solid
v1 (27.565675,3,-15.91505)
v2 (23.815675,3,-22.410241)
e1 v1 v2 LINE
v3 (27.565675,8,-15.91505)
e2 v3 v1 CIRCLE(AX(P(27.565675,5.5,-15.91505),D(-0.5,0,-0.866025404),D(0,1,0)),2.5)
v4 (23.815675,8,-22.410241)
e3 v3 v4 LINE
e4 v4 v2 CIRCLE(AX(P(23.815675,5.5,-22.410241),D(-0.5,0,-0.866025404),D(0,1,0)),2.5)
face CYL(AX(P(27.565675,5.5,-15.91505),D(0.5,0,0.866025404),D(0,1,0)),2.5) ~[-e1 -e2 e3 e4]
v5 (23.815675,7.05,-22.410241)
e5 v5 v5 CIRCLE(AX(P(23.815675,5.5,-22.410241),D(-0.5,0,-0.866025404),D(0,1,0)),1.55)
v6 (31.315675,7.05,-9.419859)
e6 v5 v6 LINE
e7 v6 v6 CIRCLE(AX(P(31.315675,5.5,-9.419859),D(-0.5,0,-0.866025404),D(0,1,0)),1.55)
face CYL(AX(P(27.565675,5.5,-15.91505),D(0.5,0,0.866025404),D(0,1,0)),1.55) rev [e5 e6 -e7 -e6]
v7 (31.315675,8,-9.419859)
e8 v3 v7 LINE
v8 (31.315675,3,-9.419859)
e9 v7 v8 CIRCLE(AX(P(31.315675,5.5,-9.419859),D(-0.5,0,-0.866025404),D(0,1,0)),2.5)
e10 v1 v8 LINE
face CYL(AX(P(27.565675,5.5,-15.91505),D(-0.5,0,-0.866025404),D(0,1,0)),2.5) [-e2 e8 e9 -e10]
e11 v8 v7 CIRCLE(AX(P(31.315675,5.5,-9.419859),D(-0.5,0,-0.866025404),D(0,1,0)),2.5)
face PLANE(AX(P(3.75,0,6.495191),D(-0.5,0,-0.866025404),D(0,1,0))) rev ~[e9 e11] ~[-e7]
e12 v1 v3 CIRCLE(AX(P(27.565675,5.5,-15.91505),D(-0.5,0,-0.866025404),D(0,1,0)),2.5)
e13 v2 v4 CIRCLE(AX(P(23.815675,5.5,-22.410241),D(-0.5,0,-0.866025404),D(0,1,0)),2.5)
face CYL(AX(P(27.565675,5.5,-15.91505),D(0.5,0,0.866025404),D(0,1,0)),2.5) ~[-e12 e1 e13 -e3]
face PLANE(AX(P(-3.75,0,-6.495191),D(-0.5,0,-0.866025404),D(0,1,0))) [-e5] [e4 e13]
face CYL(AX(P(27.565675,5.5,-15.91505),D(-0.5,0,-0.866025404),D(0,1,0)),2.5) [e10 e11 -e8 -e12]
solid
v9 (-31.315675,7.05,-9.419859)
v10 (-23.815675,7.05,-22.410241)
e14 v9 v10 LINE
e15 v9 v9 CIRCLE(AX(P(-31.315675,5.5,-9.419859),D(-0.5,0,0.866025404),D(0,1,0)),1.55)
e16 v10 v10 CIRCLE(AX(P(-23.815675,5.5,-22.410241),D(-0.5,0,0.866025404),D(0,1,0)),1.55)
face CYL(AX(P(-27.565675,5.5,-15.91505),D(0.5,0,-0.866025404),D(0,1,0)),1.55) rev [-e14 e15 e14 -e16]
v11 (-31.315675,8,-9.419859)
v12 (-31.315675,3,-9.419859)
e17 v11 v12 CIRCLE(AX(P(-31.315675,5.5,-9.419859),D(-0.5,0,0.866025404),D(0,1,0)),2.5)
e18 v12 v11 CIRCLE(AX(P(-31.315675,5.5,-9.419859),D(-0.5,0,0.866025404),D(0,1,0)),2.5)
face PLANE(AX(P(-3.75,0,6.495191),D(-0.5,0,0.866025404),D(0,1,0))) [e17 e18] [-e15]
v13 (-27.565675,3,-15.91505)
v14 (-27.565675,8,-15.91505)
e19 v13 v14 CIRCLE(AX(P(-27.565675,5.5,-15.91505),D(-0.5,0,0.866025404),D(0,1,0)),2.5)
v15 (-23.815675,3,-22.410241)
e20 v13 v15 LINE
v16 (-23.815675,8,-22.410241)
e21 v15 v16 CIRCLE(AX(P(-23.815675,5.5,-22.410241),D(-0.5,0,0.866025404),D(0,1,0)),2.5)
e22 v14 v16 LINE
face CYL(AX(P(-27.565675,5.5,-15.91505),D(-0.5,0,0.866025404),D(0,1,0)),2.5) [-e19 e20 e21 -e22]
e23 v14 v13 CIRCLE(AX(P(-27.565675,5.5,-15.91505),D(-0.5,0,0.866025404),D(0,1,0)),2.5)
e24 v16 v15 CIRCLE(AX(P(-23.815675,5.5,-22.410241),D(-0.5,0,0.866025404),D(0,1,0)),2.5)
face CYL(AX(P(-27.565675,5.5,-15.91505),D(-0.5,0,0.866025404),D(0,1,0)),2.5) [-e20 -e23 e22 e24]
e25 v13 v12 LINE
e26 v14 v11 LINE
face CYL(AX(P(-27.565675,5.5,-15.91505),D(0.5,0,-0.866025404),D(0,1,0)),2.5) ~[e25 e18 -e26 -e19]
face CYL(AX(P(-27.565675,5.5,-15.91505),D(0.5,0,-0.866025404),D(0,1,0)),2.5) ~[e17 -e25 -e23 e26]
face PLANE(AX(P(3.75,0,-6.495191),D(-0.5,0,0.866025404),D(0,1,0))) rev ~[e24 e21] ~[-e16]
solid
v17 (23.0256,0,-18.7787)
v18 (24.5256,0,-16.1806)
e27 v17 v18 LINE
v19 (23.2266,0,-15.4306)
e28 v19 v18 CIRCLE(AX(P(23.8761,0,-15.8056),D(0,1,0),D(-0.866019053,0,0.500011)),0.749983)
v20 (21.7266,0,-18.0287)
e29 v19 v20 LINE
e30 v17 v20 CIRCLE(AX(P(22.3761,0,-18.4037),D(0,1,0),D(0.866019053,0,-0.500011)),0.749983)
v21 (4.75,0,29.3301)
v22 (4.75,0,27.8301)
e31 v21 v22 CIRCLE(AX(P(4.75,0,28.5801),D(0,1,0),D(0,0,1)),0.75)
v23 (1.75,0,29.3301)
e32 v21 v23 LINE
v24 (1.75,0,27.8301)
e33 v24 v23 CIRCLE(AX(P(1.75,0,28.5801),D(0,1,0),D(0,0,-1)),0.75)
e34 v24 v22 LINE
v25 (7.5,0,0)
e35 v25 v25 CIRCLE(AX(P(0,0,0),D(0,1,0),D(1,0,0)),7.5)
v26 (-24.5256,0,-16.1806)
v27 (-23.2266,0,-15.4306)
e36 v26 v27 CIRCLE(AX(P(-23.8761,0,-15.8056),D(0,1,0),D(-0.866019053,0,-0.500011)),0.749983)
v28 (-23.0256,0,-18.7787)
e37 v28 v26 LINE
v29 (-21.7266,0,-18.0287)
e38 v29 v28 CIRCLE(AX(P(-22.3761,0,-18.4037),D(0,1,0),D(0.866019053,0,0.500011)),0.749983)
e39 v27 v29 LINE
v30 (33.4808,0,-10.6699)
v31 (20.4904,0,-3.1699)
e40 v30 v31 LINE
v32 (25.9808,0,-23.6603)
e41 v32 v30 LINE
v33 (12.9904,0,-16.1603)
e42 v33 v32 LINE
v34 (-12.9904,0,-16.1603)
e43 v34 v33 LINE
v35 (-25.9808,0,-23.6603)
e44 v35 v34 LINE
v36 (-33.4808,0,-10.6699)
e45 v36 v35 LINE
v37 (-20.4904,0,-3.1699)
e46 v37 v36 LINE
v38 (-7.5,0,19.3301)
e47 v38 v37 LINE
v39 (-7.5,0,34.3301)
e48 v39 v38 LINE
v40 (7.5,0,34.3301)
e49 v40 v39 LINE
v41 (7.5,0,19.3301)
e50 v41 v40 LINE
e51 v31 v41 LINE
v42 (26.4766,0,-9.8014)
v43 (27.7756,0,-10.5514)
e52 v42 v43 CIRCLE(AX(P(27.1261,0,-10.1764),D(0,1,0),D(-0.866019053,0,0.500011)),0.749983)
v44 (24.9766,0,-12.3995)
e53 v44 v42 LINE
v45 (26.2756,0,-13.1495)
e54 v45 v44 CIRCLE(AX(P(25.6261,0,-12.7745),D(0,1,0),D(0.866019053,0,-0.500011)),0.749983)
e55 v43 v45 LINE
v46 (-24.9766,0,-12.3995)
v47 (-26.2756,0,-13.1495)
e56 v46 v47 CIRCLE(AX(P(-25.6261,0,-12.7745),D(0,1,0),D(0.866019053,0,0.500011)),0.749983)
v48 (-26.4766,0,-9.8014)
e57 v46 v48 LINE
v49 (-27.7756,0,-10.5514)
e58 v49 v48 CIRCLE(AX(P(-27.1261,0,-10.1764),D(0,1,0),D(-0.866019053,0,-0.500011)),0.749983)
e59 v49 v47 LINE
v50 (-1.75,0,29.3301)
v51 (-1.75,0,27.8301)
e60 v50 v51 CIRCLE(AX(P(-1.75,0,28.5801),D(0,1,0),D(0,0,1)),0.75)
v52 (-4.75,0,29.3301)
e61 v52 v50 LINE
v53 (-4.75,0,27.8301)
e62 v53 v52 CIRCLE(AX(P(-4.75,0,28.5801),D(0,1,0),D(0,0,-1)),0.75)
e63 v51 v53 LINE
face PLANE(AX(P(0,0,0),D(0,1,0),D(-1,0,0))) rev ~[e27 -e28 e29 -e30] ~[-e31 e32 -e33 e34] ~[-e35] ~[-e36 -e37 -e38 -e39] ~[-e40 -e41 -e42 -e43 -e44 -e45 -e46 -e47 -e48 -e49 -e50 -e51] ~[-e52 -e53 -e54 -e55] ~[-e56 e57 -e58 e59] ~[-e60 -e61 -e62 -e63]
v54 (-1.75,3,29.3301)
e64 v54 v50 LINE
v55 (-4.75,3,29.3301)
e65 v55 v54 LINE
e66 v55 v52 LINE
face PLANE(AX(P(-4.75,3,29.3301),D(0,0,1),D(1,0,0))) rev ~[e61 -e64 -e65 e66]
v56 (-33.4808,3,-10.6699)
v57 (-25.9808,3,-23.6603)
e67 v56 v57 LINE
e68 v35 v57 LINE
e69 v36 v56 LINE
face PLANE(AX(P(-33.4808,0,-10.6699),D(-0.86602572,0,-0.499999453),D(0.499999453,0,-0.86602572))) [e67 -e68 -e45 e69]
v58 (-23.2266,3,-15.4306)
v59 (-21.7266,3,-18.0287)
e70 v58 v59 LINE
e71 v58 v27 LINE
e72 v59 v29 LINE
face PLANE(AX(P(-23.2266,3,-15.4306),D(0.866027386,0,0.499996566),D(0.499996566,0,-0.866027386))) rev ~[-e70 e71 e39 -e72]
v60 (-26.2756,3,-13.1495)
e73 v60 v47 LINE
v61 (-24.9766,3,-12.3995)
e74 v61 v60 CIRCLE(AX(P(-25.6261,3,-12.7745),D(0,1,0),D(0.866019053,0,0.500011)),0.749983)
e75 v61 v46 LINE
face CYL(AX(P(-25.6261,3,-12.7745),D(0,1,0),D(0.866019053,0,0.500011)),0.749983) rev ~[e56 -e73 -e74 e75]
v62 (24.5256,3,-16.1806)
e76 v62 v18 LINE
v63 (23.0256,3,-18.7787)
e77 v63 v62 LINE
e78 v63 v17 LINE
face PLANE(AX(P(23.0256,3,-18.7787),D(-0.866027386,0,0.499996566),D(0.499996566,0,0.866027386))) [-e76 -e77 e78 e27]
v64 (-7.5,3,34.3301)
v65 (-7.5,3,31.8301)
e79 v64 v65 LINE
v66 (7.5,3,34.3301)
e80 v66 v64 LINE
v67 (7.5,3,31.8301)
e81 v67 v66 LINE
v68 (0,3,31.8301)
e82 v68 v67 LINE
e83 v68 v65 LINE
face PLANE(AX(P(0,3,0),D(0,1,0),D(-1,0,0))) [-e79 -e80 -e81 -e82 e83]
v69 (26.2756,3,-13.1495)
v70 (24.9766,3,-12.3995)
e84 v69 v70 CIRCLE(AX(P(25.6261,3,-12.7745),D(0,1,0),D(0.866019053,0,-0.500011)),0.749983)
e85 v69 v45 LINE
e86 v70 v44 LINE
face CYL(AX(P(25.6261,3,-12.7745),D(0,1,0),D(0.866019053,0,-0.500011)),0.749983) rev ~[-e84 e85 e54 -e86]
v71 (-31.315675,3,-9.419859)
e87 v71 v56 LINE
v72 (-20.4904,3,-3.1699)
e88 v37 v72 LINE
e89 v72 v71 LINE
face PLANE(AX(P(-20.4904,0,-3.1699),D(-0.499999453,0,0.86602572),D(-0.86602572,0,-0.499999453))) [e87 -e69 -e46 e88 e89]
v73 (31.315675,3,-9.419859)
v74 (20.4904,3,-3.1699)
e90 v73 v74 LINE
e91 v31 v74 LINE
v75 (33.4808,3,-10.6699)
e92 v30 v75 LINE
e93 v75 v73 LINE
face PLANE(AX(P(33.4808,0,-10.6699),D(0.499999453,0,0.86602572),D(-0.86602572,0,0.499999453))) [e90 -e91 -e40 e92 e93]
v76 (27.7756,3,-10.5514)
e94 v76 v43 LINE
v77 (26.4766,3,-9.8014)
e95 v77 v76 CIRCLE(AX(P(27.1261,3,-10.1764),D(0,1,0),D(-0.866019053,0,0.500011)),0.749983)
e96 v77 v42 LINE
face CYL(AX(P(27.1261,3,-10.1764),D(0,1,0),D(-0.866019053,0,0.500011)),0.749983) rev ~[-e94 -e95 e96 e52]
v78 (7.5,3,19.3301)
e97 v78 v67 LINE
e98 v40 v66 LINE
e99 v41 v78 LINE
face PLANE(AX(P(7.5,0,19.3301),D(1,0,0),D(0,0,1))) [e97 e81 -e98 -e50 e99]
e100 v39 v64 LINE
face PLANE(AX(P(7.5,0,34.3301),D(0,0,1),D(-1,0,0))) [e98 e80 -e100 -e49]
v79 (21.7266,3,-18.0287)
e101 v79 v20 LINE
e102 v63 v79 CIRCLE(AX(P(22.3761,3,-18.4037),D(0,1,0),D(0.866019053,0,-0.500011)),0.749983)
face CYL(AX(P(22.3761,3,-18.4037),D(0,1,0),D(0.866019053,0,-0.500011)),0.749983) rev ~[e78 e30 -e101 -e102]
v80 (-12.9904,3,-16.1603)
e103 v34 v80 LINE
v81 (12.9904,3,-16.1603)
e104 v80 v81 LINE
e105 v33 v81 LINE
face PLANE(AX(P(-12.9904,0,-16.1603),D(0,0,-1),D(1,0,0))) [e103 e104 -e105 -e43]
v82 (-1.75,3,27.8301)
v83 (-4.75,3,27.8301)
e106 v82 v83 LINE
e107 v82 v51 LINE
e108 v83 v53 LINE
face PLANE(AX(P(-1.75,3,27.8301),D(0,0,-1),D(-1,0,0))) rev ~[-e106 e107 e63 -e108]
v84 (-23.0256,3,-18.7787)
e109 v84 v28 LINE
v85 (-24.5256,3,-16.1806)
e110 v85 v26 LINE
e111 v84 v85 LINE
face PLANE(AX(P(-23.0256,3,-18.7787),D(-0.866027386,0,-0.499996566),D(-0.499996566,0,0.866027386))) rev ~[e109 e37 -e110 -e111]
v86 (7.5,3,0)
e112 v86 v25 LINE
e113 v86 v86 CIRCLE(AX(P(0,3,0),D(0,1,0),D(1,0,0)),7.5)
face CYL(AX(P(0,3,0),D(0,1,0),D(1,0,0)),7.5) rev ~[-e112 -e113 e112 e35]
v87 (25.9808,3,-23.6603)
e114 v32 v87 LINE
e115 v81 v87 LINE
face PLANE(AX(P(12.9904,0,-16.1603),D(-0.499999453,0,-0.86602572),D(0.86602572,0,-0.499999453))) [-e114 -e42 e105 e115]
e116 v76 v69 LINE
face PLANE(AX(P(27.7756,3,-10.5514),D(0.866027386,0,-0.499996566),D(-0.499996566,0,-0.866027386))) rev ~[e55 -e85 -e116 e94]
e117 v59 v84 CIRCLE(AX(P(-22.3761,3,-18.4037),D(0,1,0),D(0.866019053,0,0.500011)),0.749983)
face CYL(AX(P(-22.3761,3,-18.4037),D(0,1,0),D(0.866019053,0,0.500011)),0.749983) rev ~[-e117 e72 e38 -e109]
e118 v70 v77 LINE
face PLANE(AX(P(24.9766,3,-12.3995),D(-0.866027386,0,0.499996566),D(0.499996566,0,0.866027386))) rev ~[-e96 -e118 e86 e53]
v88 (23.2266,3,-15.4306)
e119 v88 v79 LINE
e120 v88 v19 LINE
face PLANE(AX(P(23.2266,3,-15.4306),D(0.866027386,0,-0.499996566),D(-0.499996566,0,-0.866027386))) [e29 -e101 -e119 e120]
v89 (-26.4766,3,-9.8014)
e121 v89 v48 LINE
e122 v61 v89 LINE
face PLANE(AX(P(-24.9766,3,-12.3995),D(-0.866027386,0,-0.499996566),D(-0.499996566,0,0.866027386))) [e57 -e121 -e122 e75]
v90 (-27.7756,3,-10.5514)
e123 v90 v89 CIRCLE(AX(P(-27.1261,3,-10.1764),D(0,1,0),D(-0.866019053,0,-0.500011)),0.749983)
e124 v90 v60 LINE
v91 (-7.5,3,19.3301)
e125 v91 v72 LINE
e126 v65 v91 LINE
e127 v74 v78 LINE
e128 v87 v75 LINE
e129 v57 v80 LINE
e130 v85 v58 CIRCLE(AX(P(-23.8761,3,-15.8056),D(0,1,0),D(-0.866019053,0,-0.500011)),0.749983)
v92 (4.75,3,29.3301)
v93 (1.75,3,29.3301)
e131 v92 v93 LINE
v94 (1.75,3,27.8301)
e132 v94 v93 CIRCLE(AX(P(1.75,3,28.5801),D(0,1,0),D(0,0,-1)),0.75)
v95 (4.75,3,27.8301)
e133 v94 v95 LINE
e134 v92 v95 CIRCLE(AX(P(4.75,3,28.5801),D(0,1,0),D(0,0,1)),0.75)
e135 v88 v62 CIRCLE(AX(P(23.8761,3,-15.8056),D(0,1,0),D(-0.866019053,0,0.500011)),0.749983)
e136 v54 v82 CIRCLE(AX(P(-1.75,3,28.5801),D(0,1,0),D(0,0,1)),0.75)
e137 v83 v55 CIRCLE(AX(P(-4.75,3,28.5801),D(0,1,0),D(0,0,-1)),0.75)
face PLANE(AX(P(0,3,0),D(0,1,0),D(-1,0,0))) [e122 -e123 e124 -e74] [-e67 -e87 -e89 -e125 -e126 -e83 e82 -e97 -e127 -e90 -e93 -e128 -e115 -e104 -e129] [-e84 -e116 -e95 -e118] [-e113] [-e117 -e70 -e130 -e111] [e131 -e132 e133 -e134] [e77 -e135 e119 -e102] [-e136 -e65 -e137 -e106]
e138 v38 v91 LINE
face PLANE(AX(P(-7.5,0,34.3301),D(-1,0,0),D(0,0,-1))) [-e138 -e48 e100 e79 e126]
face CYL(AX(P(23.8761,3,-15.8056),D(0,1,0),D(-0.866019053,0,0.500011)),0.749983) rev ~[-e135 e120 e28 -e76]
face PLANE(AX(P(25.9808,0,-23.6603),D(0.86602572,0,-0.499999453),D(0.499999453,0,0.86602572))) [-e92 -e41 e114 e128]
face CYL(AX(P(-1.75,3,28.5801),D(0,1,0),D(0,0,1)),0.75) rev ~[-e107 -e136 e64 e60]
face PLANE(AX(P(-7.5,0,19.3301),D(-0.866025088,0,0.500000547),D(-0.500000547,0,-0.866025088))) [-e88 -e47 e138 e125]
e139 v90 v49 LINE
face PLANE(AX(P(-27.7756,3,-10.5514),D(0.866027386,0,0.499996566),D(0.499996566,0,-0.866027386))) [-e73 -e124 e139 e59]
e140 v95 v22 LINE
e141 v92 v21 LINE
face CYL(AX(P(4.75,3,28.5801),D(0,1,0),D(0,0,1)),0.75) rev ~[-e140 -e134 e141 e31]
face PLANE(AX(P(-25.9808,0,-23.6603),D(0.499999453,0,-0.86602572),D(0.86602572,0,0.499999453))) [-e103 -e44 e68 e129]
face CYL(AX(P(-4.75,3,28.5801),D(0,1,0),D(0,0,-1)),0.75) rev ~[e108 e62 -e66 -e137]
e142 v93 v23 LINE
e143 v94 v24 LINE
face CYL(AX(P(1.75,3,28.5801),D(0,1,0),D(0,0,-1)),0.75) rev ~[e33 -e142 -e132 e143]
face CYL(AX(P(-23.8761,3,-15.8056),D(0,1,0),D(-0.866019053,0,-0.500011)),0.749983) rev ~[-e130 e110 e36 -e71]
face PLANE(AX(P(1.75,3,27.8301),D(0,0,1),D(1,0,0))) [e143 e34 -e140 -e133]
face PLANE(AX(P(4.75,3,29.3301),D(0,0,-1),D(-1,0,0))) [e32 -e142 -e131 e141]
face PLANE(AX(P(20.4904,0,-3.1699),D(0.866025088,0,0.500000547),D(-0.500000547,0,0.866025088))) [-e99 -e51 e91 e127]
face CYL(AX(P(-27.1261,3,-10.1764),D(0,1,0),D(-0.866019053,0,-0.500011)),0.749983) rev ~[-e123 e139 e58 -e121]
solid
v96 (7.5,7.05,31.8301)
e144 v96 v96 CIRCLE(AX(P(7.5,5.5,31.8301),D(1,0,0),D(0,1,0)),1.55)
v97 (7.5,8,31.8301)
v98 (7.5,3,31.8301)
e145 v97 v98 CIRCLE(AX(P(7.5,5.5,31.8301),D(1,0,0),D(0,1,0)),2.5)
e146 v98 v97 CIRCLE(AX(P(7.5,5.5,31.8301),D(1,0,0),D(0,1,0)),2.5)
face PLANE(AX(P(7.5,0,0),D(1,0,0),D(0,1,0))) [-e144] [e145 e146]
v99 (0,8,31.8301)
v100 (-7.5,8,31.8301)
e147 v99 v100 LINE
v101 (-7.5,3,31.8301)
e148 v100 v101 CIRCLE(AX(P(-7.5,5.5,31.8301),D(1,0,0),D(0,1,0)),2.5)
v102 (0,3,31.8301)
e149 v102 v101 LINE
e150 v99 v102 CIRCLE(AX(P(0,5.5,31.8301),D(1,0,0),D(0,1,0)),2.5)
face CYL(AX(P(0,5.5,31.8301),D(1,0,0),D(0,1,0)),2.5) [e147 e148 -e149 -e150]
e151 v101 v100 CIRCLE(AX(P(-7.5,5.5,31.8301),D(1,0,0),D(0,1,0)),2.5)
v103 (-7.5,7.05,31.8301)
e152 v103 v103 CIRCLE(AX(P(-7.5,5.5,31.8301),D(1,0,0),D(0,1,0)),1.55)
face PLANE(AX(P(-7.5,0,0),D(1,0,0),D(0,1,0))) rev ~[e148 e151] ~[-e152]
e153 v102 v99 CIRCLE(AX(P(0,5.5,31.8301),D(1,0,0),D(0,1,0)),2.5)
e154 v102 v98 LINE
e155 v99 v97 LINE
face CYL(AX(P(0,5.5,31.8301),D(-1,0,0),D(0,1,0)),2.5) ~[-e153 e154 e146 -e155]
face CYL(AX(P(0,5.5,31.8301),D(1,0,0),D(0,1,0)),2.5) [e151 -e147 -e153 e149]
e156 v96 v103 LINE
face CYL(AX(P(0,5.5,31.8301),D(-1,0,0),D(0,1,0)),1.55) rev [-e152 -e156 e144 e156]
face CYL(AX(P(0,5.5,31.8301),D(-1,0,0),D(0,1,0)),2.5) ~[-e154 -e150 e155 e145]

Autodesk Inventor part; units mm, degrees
ref_plane "YZ Plane" through (0, 0, 0) normal (1, 0, 0) x (0, 1, 0)
ref_plane "XZ Plane" through (0, 0, 0) normal (0, 1, 0) x (-1, 0, 0)
ref_plane "XY Plane" through (0, 0, 0) normal (0, 0, 1) x (1, 0, 0)
sketch "Sketch1" plane through (0, 0, 0) normal (0, 1, 0) x (-1, 0, 0)
  line L0 (-7.5, 19.3301) -> (-7.5, 34.3301)
  line L1 (-7.5, 34.3301) -> (7.5, 34.3301)
  line L2 (7.5, 34.3301) -> (7.5, 19.3301)
  line L3 (20.4904, -3.1699) -> (33.4808, -10.6699)
  line L4 (33.4808, -10.6699) -> (25.9808, -23.6603)
  line L5 (25.9808, -23.6603) -> (12.9904, -16.1603)
  line L6 (-12.9904, -16.1603) -> (-25.9808, -23.6603)
  line L7 (-25.9808, -23.6603) -> (-33.4808, -10.6699)
  line L8 (-33.4808, -10.6699) -> (-20.4904, -3.1699)
  line L9 (7.5, 19.3301) -> (20.4904, -3.1699)
  line L10 (12.9904, -16.1603) -> (-12.9904, -16.1603)
  line L11 (-20.4904, -3.1699) -> (-7.5, 19.3301)
  point P0 (0, 0)
  point P1 (0, 0)
extrude "Extrusion1" add sketch "Sketch1" along normal blind 3
sketch "Sketch2" plane through (0, 3, 0) normal (0, 1, 0) x (1, 0, 0)
  circle A0 centre (0, 0) radius 7.5
  line L0 (33.4808, 10.6699) -> (25.9808, 23.6603) projected
  line L1 (29.7308, 17.1651) -> (35.4808, 17.1651) construction
  line L2 (20.4904, 3.1699) -> (33.4808, 10.6699) projected
  line L3 (25.6261, 12.7745) -> (27.1261, 10.1764) construction
  line L4 (24.9766, 12.3995) -> (26.4766, 9.8014)
  line L5 (27.7756, 10.5514) -> (26.2756, 13.1495)
  arc A1 (26.2756, 13.1495) -> (24.9766, 12.3995) centre (25.6261, 12.7745) ccw
  arc A2 (26.4766, 9.8014) -> (27.7756, 10.5514) centre (27.1261, 10.1764) ccw
  line L6 (23.8761, 15.8056) -> (22.3761, 18.4037) construction
  line L7 (23.2266, 15.4306) -> (21.7266, 18.0287)
  line L8 (23.0256, 18.7787) -> (24.5256, 16.1806)
  arc A3 (23.2266, 15.4306) -> (24.5256, 16.1806) centre (23.8761, 15.8056) ccw
  arc A4 (23.0256, 18.7787) -> (21.7266, 18.0287) centre (22.3761, 18.4037) ccw
  line L9 (-23.2266, 15.4306) -> (-21.7266, 18.0287)
  arc A5 (-21.7266, 18.0287) -> (-23.0256, 18.7787) centre (-22.3761, 18.4037) ccw
  arc A6 (-24.5256, 16.1806) -> (-23.2266, 15.4306) centre (-23.8761, 15.8056) ccw
  line L10 (-23.8761, 15.8056) -> (-22.3761, 18.4037) construction
  line L11 (-23.0256, 18.7787) -> (-24.5256, 16.1806)
  arc A7 (-24.9766, 12.3995) -> (-26.2756, 13.1495) centre (-25.6261, 12.7745) ccw
  line L12 (-24.9766, 12.3995) -> (-26.4766, 9.8014)
  arc A8 (-27.7756, 10.5514) -> (-26.4766, 9.8014) centre (-27.1261, 10.1764) ccw
  line L13 (-27.7756, 10.5514) -> (-26.2756, 13.1495)
  line L14 (-29.7308, 17.1651) -> (-32.6058, 22.1447) construction
  line L15 (-25.6261, 12.7745) -> (-27.1261, 10.1764) construction
  line L16 (-1.75, -27.8301) -> (-4.75, -27.8301)
  arc A9 (-4.75, -27.8301) -> (-4.75, -29.3301) centre (-4.75, -28.5801) ccw
  arc A10 (-1.75, -29.3301) -> (-1.75, -27.8301) centre (-1.75, -28.5801) ccw
  line L17 (-1.75, -28.5801) -> (-4.75, -28.5801) construction
  line L18 (-4.75, -29.3301) -> (-1.75, -29.3301)
  arc A11 (1.75, -27.8301) -> (1.75, -29.3301) centre (1.75, -28.5801) ccw
  line L19 (1.75, -27.8301) -> (4.75, -27.8301)
  arc A12 (4.75, -29.3301) -> (4.75, -27.8301) centre (4.75, -28.5801) ccw
  line L20 (4.75, -29.3301) -> (1.75, -29.3301)
  line L21 (0, -34.3301) -> (-2.875, -39.3098) construction
  line L22 (1.75, -28.5801) -> (4.75, -28.5801) construction
  point P0 (26.3761, 11.4755)
  point P1 (23.1261, 17.1046)
  point P2 (-12.9904, 16.1603)
  point P3 (-23.1261, 17.1046)
  point P4 (-26.3761, 11.4755)
  point P5 (-25.9808, 23.6603)
  point P6 (-33.4808, 10.6699)
  point P7 (-7.5, -19.3301)
  point P8 (-3.25, -28.5801)
  point P9 (3.25, -28.5801)
  point P10 (-7.5, -34.3301)
  point P11 (7.5, -34.3301)
  dimension "d5" = 15
  dimension "d10" = 1.5
  dimension "d11" = 1.5
  dimension "d14" = 360
extrude "Extrusion2" cut sketch "Sketch2" against normal blind 3
sketch "Sketch3" plane through (0, 0, 0) normal (1, 0, 0) x (0, 1, 0)
  line L0 (3, 19.3301) -> (3, 34.3301) projected
  circle A0 centre (5.5, 31.8301) radius 2.5
  circle A1 centre (5.5, 31.8301) radius 1.55
  point P0 (0, 0)
  point P1 (3, 29.3301)
  dimension "d19" = 3.1
extrude "Extrusion3" add sketch "Sketch3" along normal mid plane 15
pattern_circular "Circular Pattern1" count 3 over 360 about axis through (0, 3, 0) along (0, -1, 0) of "Extrusion3"
properties part number "end effector"
